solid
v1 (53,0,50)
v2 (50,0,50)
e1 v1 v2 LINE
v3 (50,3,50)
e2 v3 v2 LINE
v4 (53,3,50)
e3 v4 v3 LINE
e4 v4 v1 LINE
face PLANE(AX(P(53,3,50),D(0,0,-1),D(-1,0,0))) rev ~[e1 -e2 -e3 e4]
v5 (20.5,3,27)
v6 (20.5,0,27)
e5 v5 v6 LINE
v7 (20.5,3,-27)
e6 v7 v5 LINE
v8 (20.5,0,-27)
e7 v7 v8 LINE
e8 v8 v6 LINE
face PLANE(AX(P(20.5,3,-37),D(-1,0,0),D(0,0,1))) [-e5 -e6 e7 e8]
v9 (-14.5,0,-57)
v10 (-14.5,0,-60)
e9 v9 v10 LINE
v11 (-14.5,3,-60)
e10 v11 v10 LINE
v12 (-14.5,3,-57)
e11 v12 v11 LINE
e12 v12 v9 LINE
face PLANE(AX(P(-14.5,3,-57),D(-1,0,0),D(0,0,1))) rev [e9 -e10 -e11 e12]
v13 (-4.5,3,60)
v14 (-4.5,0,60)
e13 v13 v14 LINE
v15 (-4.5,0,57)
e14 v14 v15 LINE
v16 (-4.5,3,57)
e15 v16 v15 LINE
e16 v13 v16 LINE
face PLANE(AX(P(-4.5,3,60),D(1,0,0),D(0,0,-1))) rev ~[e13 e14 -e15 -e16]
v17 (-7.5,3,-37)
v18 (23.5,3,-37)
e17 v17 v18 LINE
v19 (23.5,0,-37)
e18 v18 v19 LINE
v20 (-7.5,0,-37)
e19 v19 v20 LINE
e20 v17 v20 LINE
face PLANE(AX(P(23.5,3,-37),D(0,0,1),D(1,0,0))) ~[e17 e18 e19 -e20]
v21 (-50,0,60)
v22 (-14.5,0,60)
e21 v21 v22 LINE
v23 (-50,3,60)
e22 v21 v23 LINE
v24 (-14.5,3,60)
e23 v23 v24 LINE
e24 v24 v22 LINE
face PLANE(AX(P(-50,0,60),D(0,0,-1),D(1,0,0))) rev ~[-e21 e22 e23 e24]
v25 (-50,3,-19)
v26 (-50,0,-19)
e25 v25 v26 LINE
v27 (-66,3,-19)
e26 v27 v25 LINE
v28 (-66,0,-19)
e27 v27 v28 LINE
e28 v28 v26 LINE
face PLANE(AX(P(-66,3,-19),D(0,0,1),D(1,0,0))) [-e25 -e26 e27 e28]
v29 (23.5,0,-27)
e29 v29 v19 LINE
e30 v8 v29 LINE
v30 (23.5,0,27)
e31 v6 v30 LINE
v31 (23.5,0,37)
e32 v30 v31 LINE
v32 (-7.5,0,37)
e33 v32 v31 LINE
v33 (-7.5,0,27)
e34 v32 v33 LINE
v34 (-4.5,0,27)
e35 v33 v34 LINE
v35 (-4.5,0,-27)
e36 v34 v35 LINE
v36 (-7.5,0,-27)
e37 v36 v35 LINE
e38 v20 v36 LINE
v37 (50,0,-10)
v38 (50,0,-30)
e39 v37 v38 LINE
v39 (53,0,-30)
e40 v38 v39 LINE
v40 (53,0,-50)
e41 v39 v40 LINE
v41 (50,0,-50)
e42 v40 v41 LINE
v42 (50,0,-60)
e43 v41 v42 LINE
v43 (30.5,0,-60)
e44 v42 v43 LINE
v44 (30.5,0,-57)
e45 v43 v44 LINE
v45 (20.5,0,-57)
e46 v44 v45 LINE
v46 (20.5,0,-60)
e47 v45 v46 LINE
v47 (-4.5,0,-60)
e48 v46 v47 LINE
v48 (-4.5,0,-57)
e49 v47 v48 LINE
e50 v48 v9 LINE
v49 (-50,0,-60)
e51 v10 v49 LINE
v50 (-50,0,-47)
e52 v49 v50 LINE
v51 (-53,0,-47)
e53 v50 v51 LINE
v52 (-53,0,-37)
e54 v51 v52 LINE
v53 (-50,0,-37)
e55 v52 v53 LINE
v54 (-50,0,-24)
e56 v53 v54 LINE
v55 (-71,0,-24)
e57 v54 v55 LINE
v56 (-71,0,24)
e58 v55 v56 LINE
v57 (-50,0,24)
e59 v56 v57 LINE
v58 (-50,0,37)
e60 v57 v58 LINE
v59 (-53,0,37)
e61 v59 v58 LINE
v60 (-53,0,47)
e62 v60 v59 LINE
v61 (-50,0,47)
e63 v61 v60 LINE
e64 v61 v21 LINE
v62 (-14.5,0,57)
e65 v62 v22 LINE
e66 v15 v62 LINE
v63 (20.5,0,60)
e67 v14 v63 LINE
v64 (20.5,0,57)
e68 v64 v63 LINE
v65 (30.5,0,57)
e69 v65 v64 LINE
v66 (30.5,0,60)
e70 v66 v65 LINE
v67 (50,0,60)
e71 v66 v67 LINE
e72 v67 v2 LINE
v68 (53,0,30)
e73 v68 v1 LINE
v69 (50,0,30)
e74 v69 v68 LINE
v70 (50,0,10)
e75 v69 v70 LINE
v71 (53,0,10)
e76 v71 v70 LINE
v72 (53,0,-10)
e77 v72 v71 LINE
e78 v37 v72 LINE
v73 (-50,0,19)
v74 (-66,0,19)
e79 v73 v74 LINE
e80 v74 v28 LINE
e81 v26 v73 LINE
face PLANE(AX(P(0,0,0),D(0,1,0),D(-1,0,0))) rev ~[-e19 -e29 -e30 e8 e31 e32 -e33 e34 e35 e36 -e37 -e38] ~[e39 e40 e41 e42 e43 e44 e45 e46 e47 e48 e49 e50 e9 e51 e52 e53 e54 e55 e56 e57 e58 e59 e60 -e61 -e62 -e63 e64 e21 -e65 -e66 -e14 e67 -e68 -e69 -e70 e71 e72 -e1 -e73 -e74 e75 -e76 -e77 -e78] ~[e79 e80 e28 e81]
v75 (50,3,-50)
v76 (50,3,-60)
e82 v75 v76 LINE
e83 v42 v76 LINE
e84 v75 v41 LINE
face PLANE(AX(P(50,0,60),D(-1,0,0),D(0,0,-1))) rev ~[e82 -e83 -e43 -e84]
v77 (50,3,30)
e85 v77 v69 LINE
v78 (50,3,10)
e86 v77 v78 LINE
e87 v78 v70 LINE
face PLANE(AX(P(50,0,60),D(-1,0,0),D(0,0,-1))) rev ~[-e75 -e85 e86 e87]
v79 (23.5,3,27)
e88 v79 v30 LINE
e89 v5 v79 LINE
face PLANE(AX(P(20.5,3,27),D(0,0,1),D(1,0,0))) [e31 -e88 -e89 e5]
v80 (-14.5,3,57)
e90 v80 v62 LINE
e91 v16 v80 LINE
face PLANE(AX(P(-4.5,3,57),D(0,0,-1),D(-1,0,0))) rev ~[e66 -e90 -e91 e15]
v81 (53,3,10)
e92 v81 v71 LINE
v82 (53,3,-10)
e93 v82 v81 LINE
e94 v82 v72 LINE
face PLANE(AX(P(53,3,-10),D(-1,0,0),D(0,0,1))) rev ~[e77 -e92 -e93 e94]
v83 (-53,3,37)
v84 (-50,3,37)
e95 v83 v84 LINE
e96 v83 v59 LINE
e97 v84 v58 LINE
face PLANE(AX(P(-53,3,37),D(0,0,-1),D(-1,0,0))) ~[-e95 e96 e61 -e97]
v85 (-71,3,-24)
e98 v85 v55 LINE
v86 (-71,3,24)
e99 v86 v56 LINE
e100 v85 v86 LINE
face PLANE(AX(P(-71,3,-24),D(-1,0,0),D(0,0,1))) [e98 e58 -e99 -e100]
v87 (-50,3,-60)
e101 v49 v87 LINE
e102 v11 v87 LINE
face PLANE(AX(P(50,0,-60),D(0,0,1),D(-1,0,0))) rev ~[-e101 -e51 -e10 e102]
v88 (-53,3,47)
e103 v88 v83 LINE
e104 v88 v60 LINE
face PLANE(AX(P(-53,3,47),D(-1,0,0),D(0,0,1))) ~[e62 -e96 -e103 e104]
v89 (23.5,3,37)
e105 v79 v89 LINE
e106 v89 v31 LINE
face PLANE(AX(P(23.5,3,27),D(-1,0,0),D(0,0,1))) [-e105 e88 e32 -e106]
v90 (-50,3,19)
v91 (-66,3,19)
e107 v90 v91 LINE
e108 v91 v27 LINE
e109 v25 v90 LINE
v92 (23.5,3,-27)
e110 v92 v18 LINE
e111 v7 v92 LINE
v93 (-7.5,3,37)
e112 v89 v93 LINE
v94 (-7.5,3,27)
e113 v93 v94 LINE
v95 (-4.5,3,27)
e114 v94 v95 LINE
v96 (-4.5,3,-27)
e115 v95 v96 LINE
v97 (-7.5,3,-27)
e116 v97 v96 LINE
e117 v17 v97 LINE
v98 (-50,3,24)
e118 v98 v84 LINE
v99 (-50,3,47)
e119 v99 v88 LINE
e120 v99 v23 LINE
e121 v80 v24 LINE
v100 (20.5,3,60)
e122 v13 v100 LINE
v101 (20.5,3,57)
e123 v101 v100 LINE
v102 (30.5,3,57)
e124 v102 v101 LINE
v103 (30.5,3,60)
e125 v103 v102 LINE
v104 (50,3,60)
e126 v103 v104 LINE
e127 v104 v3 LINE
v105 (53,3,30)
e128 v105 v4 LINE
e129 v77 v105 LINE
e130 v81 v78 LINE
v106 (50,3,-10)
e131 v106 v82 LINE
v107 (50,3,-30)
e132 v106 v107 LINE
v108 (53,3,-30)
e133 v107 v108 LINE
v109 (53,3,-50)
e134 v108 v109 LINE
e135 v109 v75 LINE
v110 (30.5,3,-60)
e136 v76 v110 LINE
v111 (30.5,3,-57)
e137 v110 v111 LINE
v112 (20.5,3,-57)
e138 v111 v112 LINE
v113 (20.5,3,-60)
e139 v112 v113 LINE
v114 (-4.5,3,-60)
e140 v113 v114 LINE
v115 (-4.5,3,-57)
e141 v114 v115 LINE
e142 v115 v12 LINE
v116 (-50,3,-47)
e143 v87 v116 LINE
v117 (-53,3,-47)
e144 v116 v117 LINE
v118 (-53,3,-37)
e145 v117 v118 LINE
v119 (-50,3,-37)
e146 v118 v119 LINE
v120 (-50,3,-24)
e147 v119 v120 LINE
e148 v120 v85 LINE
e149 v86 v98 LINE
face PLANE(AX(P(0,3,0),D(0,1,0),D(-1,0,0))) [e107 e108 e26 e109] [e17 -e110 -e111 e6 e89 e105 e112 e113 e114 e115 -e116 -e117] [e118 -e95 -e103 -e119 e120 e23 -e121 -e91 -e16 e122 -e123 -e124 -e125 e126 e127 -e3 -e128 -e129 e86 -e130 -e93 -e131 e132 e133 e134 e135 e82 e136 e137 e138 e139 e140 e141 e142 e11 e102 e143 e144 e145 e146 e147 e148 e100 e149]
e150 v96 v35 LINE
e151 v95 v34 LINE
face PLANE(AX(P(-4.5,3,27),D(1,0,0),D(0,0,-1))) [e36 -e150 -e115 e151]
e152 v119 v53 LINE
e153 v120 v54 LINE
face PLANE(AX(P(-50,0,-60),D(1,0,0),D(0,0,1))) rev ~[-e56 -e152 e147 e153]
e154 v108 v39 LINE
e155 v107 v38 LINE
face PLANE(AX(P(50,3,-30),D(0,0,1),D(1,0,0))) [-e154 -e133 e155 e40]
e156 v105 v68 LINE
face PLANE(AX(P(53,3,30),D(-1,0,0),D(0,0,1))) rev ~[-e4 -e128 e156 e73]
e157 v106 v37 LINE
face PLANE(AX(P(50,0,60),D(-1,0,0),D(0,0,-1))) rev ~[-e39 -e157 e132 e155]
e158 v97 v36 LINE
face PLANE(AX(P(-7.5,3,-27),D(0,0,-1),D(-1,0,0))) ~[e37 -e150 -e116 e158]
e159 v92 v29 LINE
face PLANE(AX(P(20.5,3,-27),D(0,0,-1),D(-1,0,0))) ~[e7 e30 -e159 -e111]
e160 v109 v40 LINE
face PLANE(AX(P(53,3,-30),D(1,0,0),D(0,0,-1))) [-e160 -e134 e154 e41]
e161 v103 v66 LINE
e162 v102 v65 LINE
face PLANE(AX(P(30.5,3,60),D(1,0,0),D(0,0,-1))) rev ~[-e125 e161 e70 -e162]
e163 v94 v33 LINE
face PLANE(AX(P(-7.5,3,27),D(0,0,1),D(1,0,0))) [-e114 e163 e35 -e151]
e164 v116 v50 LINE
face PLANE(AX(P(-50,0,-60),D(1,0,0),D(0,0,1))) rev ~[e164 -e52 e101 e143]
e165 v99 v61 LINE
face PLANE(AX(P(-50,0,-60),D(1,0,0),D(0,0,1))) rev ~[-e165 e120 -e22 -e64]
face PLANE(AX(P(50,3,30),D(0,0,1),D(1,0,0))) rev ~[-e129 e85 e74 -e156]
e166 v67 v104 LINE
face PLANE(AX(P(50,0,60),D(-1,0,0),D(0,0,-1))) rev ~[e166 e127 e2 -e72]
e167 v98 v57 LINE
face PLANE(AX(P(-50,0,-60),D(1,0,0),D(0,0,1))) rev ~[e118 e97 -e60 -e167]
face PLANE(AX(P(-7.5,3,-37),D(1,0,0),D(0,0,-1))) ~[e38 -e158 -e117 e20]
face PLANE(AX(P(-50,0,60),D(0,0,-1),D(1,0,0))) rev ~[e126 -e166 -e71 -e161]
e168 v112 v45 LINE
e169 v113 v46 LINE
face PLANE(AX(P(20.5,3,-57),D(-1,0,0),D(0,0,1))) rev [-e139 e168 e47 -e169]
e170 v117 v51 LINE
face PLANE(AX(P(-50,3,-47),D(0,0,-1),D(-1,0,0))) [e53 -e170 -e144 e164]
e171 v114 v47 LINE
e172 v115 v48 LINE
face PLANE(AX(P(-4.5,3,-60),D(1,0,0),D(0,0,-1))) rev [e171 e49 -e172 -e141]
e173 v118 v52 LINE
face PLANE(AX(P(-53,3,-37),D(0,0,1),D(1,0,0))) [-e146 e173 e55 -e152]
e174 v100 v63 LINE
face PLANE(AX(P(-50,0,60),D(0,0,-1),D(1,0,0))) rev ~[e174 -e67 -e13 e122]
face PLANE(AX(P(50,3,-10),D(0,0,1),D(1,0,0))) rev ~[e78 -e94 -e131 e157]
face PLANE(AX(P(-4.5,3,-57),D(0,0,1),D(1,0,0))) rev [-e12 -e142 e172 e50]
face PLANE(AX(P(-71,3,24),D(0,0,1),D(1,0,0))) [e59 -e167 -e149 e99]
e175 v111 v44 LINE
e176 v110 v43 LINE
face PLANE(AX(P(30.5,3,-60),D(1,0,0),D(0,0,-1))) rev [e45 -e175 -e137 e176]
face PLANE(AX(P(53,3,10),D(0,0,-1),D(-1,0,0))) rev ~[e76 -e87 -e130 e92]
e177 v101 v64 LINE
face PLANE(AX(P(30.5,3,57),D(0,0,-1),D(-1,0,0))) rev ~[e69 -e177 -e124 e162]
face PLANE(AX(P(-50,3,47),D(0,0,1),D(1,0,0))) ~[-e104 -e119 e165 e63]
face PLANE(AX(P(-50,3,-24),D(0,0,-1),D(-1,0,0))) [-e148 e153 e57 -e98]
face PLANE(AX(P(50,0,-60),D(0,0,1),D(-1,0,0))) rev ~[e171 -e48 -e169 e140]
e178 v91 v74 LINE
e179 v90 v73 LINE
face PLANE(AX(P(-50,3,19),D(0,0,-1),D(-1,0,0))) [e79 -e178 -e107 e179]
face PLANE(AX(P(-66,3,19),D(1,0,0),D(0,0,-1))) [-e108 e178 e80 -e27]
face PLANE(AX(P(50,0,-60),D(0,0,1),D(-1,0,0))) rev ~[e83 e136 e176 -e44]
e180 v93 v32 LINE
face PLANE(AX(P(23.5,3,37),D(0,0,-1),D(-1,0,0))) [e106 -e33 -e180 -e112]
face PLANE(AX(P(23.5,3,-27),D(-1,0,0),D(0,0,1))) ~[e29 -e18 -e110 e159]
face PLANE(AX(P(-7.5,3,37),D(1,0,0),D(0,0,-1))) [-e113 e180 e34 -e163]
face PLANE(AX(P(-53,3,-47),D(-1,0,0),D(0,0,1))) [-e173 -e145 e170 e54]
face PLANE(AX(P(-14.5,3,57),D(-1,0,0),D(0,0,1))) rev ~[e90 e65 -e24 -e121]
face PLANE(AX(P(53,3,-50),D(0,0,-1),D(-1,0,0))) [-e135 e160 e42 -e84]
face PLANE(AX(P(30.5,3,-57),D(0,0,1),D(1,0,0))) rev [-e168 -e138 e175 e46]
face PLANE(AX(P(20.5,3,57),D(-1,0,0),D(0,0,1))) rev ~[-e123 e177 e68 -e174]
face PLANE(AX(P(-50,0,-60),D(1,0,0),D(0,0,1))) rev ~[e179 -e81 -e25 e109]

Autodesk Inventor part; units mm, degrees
ref_plane "YZ Plane" through (0, 0, 0) normal (1, 0, 0) x (0, 1, 0)
ref_plane "XZ Plane" through (0, 0, 0) normal (0, 1, 0) x (-1, 0, 0)
ref_plane "XY Plane" through (0, 0, 0) normal (0, 0, 1) x (1, 0, 0)
sketch "Sketch1" plane through (0, 0, 0) normal (0, 1, 0) x (-1, 0, 0)
  line L0 (50, 60) -> (-50, 60)
  line L1 (-50, 60) -> (-50, -60)
  line L2 (-50, -60) -> (50, -60)
  line L3 (50, -60) -> (50, 60)
  line L4 (50, 60) -> (-50, -60) construction
  line L5 (-50, 60) -> (50, -60) construction
  point P0 (0, 0)
  dimension "d0" = 60
  dimension "d1" = 100
extrude "Extrusion1" add sketch "Sketch1" along normal blind 3
sketch "Sketch2" plane through (0, 3, 0) normal (0, 1, 0) x (1, 0, 0)
  line L0 (-50, -60) -> (50, -60) projected
  line L1 (-14.5, -60) -> (-4.5, -60)
  line L2 (-4.5, -60) -> (-4.5, -57)
  line L3 (-4.5, -57) -> (-14.5, -57)
  line L4 (-14.5, -57) -> (-14.5, -60)
  line L5 (50, -60) -> (50, 60) projected
  line L6 (20.5, -60) -> (30.5, -60)
  line L7 (30.5, -60) -> (30.5, -57)
  line L8 (30.5, -57) -> (20.5, -57)
  line L9 (20.5, -57) -> (20.5, -60)
  line L10 (-4.5, -37) -> (-7.5, -37)
  line L11 (-7.5, -37) -> (-7.5, -27)
  line L12 (-7.5, -27) -> (-4.5, -27)
  line L13 (-4.5, -27) -> (-4.5, -37)
  line L14 (20.5, -27) -> (23.5, -27)
  line L15 (23.5, -27) -> (23.5, -37)
  line L16 (23.5, -37) -> (20.5, -37)
  line L17 (20.5, -37) -> (20.5, -27)
  point P0 (0, 0)
  dimension "d4" = 10
  dimension "d5" = 3
  dimension "d6" = 54.5
  dimension "d7" = 10
  dimension "d8" = 3
  dimension "d9" = 25
  dimension "d10" = 3
  dimension "d11" = 10
  dimension "d12" = 30
  dimension "d13" = 3
  dimension "d14" = 10
extrude "Extrusion2" cut sketch "Sketch2" against normal blind 3
sketch "Sketch3" plane through (0, 3, 0) normal (0, 1, 0) x (1, 0, 0)
  line L0 (50, -60) -> (50, 60) projected
  line L1 (50, 10) -> (53, 10)
  line L2 (53, 10) -> (53, -10)
  line L3 (53, -10) -> (50, -10)
  line L4 (50, -10) -> (50, 10)
  line L5 (50, -30) -> (53, -30)
  line L6 (53, -30) -> (53, -50)
  line L7 (53, -50) -> (50, -50)
  line L8 (50, -50) -> (50, -30)
  line L9 (50, 30) -> (53, 30)
  line L10 (53, 30) -> (53, 50)
  line L11 (53, 50) -> (50, 50)
  line L12 (50, 50) -> (50, 30)
  point P0 (0, 0)
  point P1 (53, 0)
  dimension "d17" = 3
  dimension "d18" = 20
  dimension "d19" = 3
  dimension "d20" = 20
  dimension "d21" = 20
  dimension "d22" = 20
extrude "Extrusion3" add sketch "Sketch3" against normal blind 3
sketch "Sketch4" plane through (0, 3, 0) normal (0, 1, 0) x (1, 0, 0)
  line L0 (-50, 60) -> (-50, -60) projected
  line L1 (-50, 24) -> (-71, 24)
  line L2 (-71, 24) -> (-71, -24)
  line L3 (-71, -24) -> (-50, -24)
  line L4 (-50, -24) -> (-50, 24)
  line L5 (-50, -19) -> (-66, -19)
  line L6 (-66, -19) -> (-66, 19)
  line L7 (-66, 19) -> (-50, 19)
  line L8 (-50, 19) -> (-50, -19)
  point P0 (0, 0)
  point P1 (-71, 0)
  point P2 (-66, 0)
  dimension "d27" = 38
  dimension "d28" = 16
  dimension "d29" = 5
  dimension "d30" = 5
extrude "Extrusion4" add sketch "Sketch4" against normal blind 3 contours L0 L7 L6 L5 L3 L2 L1
sketch "Sketch6" plane through (0, 3, 0) normal (0, 1, 0) x (1, 0, 0)
  line L0 (-50, 60) -> (-50, 24) projected
  line L1 (-50, 47) -> (-53, 47)
  line L2 (-53, 47) -> (-53, 37)
  line L3 (-53, 37) -> (-50, 37)
  line L4 (-50, 37) -> (-50, 47)
  line L5 (-50, 24) -> (-71, 24) projected
  point P0 (0, 0)
  dimension "d39" = 3
  dimension "d40" = 10
  dimension "d41" = 13
  dimension "d42" = 13
extrude "Extrusion6" add sketch "Sketch6" against normal blind 3
sketch "Sketch8" plane through (0, 3, 0) normal (0, 1, 0) x (1, 0, 0)
  line L0 (20.5, -37) -> (-4.5, -37)
  line L1 (-4.5, -37) -> (-4.5, 37)
  line L2 (-4.5, 37) -> (20.5, 37)
  line L3 (20.5, 37) -> (20.5, -37)
  line L4 (-4.5, -27) -> (-4.5, -37) projected
  point P0 (0, 0)
  point P1 (20.5, 0)
extrude "Extrusion7" cut sketch "Sketch8" against normal blind 3
mirror "Mirror1" about plane through (0, 0, 0) normal (0, 0, 1) of "Extrusion2"
mirror "Mirror2" about plane through (0, 0, 0) normal (0, 0, 1) of "Extrusion6"
equation "\"d30\" = d29"
equation "\"d41\" = d42"
properties part number "Mid Plate"
